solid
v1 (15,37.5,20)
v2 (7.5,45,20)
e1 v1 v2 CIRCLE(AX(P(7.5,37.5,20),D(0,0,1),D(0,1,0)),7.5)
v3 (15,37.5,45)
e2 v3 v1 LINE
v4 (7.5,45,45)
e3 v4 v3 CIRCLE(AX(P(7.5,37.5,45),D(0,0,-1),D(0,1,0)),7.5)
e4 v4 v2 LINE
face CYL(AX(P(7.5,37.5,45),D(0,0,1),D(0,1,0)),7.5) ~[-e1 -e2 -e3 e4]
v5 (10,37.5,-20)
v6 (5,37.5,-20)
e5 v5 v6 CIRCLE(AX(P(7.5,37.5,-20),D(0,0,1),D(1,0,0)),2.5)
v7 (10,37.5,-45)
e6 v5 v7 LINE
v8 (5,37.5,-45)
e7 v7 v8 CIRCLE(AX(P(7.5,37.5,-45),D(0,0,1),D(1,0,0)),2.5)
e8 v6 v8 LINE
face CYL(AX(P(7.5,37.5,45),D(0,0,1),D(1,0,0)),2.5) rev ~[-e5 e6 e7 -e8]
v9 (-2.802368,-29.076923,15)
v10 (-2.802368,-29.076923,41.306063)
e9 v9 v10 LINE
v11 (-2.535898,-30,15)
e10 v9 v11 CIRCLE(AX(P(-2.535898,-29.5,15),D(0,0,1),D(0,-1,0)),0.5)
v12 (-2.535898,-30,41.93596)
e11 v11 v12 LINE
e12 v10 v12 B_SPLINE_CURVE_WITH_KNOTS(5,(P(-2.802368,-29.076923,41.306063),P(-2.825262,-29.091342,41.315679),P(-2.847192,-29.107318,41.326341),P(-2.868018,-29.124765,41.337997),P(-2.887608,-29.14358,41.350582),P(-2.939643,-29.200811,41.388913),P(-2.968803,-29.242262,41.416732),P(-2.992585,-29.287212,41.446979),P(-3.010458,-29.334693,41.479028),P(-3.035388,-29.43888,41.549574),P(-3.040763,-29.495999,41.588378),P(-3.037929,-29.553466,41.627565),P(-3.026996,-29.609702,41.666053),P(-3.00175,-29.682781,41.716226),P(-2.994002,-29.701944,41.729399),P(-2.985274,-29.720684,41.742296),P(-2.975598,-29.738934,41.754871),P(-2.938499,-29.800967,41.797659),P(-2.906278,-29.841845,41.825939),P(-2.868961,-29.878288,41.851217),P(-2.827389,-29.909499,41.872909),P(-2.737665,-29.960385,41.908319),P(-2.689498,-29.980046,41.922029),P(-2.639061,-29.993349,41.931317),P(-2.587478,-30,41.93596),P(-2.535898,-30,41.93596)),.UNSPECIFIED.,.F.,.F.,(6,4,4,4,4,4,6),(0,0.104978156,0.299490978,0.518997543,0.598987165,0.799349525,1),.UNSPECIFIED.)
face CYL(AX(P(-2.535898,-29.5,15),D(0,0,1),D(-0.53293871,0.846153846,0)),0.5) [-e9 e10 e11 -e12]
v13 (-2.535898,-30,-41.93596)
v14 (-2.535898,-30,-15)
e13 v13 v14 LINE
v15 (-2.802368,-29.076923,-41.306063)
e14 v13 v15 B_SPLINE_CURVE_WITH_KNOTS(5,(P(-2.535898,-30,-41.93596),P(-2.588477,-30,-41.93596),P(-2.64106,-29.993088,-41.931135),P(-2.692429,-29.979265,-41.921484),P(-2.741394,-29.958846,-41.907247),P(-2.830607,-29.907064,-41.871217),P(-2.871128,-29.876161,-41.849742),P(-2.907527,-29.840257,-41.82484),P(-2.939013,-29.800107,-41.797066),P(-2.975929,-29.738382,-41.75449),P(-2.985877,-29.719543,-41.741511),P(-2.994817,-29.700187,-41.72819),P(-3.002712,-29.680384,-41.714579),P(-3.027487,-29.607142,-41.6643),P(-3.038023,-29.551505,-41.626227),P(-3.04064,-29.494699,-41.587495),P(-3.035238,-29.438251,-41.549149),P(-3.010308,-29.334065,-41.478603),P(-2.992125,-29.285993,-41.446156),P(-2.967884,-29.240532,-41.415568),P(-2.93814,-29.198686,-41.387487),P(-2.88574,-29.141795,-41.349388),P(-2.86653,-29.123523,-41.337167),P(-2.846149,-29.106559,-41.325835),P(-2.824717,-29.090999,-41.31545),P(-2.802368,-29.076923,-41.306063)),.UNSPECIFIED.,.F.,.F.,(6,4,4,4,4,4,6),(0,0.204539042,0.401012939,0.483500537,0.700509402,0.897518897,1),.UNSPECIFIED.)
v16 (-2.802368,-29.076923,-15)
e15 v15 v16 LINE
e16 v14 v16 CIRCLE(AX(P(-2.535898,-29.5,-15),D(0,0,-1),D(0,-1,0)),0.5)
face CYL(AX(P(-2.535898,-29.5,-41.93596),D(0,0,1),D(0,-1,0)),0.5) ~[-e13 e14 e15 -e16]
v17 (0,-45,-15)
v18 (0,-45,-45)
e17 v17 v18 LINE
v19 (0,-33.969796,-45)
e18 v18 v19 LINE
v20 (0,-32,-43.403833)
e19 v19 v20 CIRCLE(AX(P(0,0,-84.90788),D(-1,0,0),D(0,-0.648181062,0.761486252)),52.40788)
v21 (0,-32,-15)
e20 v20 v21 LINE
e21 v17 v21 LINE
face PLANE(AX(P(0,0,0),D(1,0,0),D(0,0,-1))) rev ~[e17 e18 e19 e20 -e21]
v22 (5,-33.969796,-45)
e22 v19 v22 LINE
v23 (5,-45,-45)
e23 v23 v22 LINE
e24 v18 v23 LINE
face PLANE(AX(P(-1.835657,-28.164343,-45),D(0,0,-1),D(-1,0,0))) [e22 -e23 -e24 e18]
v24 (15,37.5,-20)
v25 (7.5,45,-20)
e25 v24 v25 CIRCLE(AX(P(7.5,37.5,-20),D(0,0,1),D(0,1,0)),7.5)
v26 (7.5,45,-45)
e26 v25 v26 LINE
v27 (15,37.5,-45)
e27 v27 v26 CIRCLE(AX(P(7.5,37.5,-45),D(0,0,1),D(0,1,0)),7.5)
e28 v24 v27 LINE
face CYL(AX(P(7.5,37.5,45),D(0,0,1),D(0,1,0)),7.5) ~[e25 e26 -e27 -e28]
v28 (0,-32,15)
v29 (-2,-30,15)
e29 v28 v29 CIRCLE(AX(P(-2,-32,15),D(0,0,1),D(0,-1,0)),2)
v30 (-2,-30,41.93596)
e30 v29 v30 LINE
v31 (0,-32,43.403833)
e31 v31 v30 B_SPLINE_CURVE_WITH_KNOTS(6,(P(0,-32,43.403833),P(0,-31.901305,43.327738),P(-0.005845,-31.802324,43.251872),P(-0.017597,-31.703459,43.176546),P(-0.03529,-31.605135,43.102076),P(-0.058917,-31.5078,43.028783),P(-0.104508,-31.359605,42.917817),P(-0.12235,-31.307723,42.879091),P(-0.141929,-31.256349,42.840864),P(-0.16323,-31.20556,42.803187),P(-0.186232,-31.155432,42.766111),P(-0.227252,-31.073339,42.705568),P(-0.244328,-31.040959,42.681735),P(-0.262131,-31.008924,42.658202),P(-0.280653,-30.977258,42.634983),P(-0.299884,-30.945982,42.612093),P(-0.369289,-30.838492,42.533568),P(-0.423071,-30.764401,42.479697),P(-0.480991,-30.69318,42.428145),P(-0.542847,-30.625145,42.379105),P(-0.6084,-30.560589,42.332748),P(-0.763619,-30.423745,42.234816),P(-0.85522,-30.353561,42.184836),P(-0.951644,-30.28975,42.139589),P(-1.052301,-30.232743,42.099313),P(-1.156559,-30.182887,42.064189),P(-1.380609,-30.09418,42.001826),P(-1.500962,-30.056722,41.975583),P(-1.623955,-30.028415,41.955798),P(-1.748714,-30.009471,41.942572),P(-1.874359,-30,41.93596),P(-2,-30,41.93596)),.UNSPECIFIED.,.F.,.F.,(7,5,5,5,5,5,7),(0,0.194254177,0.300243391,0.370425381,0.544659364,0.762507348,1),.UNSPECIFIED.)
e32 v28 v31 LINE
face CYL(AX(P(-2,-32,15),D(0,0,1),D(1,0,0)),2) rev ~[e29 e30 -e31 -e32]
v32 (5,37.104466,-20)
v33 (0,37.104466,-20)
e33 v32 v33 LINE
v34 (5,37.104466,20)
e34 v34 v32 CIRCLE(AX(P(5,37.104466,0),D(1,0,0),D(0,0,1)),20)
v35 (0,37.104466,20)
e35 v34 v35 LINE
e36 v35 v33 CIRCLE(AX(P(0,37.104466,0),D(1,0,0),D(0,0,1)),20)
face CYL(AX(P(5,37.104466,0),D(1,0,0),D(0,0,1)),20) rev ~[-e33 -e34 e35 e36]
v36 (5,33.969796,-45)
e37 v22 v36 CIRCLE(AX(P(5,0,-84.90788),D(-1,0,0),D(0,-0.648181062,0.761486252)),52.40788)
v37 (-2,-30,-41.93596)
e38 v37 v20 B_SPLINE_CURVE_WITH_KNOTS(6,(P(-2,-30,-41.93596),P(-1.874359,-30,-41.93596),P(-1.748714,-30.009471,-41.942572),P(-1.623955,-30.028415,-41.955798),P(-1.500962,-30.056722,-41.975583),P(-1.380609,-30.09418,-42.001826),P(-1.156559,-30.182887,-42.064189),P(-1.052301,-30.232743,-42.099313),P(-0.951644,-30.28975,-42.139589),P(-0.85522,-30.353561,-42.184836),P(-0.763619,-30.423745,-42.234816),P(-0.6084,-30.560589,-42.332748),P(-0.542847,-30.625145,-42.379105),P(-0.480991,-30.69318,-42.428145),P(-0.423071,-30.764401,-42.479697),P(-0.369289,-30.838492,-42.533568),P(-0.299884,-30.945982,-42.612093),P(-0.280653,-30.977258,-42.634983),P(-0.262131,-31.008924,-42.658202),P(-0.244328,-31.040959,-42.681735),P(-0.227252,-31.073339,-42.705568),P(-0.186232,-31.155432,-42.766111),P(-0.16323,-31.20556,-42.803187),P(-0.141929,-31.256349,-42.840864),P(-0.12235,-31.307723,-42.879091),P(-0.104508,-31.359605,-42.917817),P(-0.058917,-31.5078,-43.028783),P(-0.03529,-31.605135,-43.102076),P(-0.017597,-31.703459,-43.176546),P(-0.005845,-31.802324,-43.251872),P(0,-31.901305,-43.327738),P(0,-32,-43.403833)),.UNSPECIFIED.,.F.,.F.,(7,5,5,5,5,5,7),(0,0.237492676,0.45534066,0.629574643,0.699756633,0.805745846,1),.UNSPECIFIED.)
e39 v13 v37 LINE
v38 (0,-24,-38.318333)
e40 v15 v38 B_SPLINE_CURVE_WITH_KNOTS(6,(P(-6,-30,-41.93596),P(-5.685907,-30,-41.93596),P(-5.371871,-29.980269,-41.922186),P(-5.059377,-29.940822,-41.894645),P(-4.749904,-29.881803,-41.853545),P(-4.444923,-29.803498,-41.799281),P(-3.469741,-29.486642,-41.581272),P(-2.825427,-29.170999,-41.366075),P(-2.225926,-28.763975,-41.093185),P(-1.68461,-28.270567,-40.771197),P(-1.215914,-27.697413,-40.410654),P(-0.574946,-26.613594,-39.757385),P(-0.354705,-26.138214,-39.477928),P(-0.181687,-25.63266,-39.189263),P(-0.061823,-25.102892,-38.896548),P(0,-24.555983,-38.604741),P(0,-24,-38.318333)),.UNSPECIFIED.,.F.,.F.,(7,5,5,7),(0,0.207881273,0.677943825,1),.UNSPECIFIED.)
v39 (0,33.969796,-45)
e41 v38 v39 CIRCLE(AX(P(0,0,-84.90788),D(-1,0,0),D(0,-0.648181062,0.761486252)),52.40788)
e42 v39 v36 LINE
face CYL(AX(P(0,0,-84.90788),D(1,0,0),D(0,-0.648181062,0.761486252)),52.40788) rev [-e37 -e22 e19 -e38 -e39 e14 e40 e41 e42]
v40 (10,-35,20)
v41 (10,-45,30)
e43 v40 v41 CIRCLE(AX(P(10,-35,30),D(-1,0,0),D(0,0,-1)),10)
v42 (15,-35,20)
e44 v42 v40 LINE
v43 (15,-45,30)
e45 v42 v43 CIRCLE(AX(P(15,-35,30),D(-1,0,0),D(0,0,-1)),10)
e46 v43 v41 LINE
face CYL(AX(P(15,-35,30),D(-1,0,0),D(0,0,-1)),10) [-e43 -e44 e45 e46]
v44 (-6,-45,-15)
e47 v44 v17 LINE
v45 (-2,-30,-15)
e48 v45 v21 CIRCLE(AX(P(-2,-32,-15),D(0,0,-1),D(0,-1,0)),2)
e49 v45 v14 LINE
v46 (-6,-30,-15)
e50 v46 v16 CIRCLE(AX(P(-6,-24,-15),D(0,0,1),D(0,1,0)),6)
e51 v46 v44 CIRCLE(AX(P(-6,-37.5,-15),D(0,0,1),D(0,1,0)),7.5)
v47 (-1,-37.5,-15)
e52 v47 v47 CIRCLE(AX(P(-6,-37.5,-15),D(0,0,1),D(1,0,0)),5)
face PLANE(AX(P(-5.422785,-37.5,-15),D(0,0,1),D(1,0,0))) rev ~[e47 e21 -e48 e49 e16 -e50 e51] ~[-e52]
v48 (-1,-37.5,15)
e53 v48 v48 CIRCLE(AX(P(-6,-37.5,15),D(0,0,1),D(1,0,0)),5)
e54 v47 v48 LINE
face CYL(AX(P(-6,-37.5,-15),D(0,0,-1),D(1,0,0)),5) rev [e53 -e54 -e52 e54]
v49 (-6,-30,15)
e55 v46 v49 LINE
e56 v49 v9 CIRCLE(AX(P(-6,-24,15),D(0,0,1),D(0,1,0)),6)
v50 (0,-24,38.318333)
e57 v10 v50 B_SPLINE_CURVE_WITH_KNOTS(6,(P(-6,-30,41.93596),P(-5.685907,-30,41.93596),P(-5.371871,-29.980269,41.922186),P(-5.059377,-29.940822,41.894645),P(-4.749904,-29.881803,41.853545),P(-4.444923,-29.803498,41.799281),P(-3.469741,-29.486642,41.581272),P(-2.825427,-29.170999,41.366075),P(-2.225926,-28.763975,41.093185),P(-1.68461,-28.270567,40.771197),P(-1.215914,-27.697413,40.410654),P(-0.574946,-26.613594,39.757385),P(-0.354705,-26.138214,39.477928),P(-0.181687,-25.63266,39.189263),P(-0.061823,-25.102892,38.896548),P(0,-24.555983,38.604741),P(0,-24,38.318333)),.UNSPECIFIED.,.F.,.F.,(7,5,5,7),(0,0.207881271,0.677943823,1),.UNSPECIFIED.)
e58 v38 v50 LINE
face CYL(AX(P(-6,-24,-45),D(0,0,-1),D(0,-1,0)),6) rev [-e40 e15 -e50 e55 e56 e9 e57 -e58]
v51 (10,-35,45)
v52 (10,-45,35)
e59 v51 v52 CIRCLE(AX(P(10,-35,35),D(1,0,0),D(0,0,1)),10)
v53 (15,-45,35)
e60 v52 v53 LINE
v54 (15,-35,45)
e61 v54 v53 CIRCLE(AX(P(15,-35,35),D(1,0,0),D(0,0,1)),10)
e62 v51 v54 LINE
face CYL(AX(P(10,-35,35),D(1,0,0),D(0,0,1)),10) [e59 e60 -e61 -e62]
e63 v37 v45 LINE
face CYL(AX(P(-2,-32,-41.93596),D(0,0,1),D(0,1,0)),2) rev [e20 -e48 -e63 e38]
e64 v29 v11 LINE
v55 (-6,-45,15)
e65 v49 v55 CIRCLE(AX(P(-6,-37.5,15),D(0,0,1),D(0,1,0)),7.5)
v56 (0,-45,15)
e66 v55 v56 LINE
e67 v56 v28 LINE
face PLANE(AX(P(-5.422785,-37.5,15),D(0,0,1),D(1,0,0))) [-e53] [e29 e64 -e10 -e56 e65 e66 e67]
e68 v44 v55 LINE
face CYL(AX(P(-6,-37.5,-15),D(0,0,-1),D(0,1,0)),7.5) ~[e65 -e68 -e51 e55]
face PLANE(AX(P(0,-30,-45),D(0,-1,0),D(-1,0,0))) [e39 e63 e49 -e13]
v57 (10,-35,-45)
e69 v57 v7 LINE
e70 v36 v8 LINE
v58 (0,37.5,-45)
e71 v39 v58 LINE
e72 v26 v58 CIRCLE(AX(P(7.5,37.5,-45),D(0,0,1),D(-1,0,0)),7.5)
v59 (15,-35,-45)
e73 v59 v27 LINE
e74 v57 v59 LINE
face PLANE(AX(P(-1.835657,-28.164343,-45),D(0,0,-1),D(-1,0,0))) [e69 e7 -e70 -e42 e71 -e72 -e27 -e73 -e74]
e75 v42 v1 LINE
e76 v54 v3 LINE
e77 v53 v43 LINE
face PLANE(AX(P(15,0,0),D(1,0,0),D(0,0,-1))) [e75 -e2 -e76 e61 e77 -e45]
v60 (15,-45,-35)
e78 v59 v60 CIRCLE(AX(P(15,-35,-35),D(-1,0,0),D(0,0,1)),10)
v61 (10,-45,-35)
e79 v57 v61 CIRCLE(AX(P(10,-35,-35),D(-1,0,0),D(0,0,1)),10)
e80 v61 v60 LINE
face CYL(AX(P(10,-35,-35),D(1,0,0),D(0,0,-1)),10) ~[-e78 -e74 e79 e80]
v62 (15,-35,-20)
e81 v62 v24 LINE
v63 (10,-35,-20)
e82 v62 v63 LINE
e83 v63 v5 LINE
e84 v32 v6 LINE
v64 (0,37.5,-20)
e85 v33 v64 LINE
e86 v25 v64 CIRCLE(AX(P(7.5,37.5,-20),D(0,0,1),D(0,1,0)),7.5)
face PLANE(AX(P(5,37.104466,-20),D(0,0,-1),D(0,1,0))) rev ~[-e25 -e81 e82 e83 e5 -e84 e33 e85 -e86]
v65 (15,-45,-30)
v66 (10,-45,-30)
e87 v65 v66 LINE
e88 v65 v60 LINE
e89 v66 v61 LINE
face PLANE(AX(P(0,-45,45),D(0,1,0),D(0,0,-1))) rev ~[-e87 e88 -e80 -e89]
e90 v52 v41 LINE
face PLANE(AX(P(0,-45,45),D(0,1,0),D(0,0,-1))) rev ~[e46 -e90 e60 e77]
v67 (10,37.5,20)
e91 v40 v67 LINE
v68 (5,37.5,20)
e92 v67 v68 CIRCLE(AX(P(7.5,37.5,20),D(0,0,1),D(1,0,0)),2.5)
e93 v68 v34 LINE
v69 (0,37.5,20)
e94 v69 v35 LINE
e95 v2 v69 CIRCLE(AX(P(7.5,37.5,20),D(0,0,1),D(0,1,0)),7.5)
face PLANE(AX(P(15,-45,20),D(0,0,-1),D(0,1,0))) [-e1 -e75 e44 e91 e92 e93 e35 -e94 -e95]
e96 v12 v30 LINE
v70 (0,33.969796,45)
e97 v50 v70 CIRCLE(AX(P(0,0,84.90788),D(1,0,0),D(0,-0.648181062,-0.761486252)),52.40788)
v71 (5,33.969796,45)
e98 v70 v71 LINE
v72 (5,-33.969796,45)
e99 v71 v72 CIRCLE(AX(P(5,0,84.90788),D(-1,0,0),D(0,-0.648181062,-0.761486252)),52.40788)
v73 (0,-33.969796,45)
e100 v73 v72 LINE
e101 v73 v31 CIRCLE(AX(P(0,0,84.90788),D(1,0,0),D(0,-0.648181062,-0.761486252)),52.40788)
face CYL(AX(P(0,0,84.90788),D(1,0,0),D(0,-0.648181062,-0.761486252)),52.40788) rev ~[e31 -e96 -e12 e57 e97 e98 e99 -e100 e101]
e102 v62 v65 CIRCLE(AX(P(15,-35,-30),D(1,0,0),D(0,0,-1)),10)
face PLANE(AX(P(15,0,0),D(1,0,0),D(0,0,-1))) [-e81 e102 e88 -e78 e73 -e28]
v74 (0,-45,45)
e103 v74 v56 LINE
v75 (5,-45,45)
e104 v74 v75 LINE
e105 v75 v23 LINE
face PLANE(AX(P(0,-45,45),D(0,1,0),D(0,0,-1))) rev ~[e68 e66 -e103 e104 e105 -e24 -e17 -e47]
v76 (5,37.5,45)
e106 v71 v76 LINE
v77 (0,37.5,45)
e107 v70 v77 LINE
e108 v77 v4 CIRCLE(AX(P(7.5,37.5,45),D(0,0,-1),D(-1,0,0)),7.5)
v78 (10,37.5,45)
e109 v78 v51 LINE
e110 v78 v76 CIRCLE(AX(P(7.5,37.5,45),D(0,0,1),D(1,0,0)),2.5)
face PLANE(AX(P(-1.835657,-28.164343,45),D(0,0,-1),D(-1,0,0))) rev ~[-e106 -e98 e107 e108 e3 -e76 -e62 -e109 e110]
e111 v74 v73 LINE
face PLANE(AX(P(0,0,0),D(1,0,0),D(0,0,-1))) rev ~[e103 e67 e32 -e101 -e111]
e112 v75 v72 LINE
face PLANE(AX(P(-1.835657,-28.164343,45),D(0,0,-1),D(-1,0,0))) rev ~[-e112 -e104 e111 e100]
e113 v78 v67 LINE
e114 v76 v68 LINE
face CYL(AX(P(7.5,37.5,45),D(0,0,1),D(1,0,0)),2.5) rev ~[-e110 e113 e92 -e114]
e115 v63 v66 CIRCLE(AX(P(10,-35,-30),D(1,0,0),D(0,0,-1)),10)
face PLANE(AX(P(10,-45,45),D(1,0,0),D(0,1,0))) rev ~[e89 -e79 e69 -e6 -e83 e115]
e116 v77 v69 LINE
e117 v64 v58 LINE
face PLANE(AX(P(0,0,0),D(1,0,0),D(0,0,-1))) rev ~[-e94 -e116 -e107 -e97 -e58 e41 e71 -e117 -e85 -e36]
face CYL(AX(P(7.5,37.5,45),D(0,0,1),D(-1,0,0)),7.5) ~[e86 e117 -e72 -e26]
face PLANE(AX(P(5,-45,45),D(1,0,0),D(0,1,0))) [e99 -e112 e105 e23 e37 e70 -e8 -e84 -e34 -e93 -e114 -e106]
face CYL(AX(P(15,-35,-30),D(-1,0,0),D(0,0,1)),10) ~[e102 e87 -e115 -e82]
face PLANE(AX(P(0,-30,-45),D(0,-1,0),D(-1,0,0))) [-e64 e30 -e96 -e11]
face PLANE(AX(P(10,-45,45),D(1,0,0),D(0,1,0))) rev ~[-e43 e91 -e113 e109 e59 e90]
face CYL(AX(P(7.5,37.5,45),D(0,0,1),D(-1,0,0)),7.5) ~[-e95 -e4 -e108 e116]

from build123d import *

# Parameters (mm, degrees)
SKETCH_1_W                      = 90
SKETCH_1_H                      = 90
EXTRUDE_1_DEPTH                 = 15
SKETCH_2_W                      = 5
SKETCH_2_H                      = 82.5
CUT_EXTRUDE_1_DEPTH             = 102.734949747
CUT_EXTRUDE_2_REACH             = 67.383
SKETCH_3_W                      = 40
SKETCH_3_H                      = 90
FILLET_1_R                      = 10
CUT_EXTRUDE_3_DEPTH             = 65.420493634
EXTRUDE_4_DEPTH                 = 15
EXTRUDE_4_DEPTH_BACK            = 15
SKETCH_7_R                      = 5
EXTRUDE_5_DEPTH                 = 45
EXTRUDE_5_DEPTH_BACK            = 45
CUT_EXTRUDE_4_REACH             = 67.383
CUT_EXTRUDE_4_DIRECTION_2_DEPTH = 15
FILLET_2_R                      = 0.5
FILLET_3_R                      = 2


with BuildPart() as part:
    # 草图1 → 凸台-拉伸1 (new body)
    with BuildSketch(Plane(origin=(0, 0, 0), x_dir=(0, 0, -1), z_dir=(1, 0, 0))):
        Rectangle(SKETCH_1_W, SKETCH_1_H)
    extrude(amount=EXTRUDE_1_DEPTH)

    # 草图2 → 切除-拉伸1 (cut, through all)
    with BuildSketch(Plane.XY.offset(45)):
        with BuildLine():
            Line((0, 45), (0, 37.5))
            ThreePointArc((0, 37.5), (2.196699141, 42.803300859), (7.5, 45))
            Line((7.5, 45), (0, 45))
        make_face()
        with BuildLine():
            Line((15, 45), (7.5, 45))
            ThreePointArc((7.5, 45), (12.803300859, 42.803300859), (15, 37.5))
            Line((15, 37.5), (15, 45))
        make_face()
        with BuildLine():
            ThreePointArc((10, 37.5), (7.5, 40), (5, 37.5))
            Line((5, 37.5), (10, 37.5))
        make_face()
        with Locations((7.5, -3.75)):
            Rectangle(SKETCH_2_W, SKETCH_2_H)
    extrude(amount=-CUT_EXTRUDE_1_DEPTH, mode=Mode.SUBTRACT)

    # 切除-拉伸2: up to this face of the body (flat: up to its plane)
    cut_extrude_2_end = Plane(part.part.faces().sort_by_distance((5, -3.75, 0))[0])
    # 草图3 → 切除-拉伸2 (cut, up to the picked face)
    with BuildSketch(Plane(origin=(15, 0, 0), x_dir=(0, 0, -1), z_dir=(1, 0, 0)), mode=Mode.PRIVATE) as cut_extrude_2_sk1:
        Rectangle(SKETCH_3_W, SKETCH_3_H)
    cut_extrude_2_tool1 = split(extrude(cut_extrude_2_sk1.sketch, amount=-CUT_EXTRUDE_2_REACH, mode=Mode.PRIVATE), bisect_by=cut_extrude_2_end, keep=Keep.BOTH, mode=Mode.PRIVATE)
    add(cut_extrude_2_tool1.solids().sort_by(Axis((15, 0, 0), (-1, 0, 0)))[0], mode=Mode.SUBTRACT)

    # 圆角1
    fillet_1_edges = [part.edges().sort_by_distance(p)[0] for p in [
        (12.5, -45, 20),
        (12.5, -45, -20),
        (12.5, -45, -45),
        (12.5, -45, 45),
    ]]
    fillet(fillet_1_edges, radius=FILLET_1_R)

    # 草图4 → 切除-拉伸3 (cut, through all)
    with BuildSketch(Plane(origin=(5, 0, 0), x_dir=(0, 0, -1), z_dir=(1, 0, 0))):
        with BuildLine():
            Line((-20, 44.571067812), (-20, 37.104465858))
            ThreePointArc((-20, 37.104465858), (0, 17.104465858), (20, 37.104465858))
            Line((20, 37.104465858), (20, 44.571067812))
            Line((20, 44.571067812), (-20, 44.571067812))
        make_face()
    extrude(amount=-CUT_EXTRUDE_3_DEPTH, mode=Mode.SUBTRACT)

    # 草图7 → 凸台-拉伸4 (add, two sides: drawn at the far end of the back side and taken through both)
    with BuildSketch(Plane.XY.offset(-EXTRUDE_4_DEPTH_BACK)):
        with BuildLine():
            Line((0, -30), (-6, -30))
            ThreePointArc((-6, -30), (-13.5, -37.5), (-6, -45))
            Line((-6, -45), (0, -45))
            Line((0, -45), (0, -30))
        make_face()
        with Locations((-6, -37.5)):
            Circle(SKETCH_7_R, mode=Mode.SUBTRACT)
    extrude(amount=EXTRUDE_4_DEPTH + EXTRUDE_4_DEPTH_BACK)

    # 草图9 → 凸台-拉伸5 (add, two sides: drawn at the far end of the back side and taken through both)
    with BuildSketch(Plane.XY.offset(-EXTRUDE_5_DEPTH_BACK)):
        with BuildLine():
            Line((0, -24), (0, -30))
            Line((0, -30), (-6, -30))
            ThreePointArc((-6, -30), (-1.757359313, -28.242640687), (0, -24))
        make_face()
    extrude(amount=EXTRUDE_5_DEPTH + EXTRUDE_5_DEPTH_BACK)

    # 切除-拉伸4: up to this face of the body (flat: up to its plane)
    cut_extrude_4_end = Plane(part.part.faces().sort_by_distance((10, -2.920820113, 32.5))[0])
    # 草图6 → 切除-拉伸4 (cut, up to the picked face)
    with BuildSketch(Plane.ZY, mode=Mode.PRIVATE) as cut_extrude_4_sk1:
        with BuildLine():
            Line((45, 33.969795549), (45, -33.969795549))
            ThreePointArc((45, -33.969795549), (32.5, 0), (45, 33.969795549))
        make_face()
    cut_extrude_4_tool1 = split(extrude(cut_extrude_4_sk1.sketch, amount=-CUT_EXTRUDE_4_REACH, mode=Mode.PRIVATE), bisect_by=cut_extrude_4_end, keep=Keep.BOTH, mode=Mode.PRIVATE)
    # 草图6 → 切除-拉伸4 (cut, up to the picked face)
    with BuildSketch(Plane.ZY, mode=Mode.PRIVATE) as cut_extrude_4_sk2:
        with BuildLine():
            Line((-45, 33.969795549), (-45, -33.969795549))
            ThreePointArc((-45, -33.969795549), (-32.5, 0), (-45, 33.969795549))
        make_face()
    cut_extrude_4_tool2 = split(extrude(cut_extrude_4_sk2.sketch, amount=-CUT_EXTRUDE_4_REACH, mode=Mode.PRIVATE), bisect_by=cut_extrude_4_end, keep=Keep.BOTH, mode=Mode.PRIVATE)
    add(cut_extrude_4_tool1.solids().sort_by(Axis((0, 0, 39.945085), (1, 0, 0)))[0], mode=Mode.SUBTRACT)
    add(cut_extrude_4_tool2.solids().sort_by(Axis((0, 0, -39.945085), (1, 0, 0)))[0], mode=Mode.SUBTRACT)

    # 草图6 → 切除-拉伸4 direction 2 (cut)
    with BuildSketch(Plane.ZY):
        with BuildLine():
            Line((45, 33.969795549), (45, -33.969795549))
            ThreePointArc((45, -33.969795549), (32.5, 0), (45, 33.969795549))
        make_face()
        with BuildLine():
            Line((-45, 33.969795549), (-45, -33.969795549))
            ThreePointArc((-45, -33.969795549), (-32.5, 0), (-45, 33.969795549))
        make_face()
    extrude(amount=CUT_EXTRUDE_4_DIRECTION_2_DEPTH, mode=Mode.SUBTRACT)

    # 圆角2
    fillet_2_edges = [part.edges().sort_by_distance(p)[0] for p in [
        (-6, -30, -28.467980088),
        (-6, -30, 28.467980088),
    ]]
    fillet(fillet_2_edges, radius=FILLET_2_R)

    # 圆角3
    fillet_3_edges = [part.edges().sort_by_distance(p)[0] for p in [
        (0, -30, 28.467980088),
        (0, -30, -28.467980088),
    ]]
    fillet(fillet_3_edges, radius=FILLET_3_R)


solid = part.part
